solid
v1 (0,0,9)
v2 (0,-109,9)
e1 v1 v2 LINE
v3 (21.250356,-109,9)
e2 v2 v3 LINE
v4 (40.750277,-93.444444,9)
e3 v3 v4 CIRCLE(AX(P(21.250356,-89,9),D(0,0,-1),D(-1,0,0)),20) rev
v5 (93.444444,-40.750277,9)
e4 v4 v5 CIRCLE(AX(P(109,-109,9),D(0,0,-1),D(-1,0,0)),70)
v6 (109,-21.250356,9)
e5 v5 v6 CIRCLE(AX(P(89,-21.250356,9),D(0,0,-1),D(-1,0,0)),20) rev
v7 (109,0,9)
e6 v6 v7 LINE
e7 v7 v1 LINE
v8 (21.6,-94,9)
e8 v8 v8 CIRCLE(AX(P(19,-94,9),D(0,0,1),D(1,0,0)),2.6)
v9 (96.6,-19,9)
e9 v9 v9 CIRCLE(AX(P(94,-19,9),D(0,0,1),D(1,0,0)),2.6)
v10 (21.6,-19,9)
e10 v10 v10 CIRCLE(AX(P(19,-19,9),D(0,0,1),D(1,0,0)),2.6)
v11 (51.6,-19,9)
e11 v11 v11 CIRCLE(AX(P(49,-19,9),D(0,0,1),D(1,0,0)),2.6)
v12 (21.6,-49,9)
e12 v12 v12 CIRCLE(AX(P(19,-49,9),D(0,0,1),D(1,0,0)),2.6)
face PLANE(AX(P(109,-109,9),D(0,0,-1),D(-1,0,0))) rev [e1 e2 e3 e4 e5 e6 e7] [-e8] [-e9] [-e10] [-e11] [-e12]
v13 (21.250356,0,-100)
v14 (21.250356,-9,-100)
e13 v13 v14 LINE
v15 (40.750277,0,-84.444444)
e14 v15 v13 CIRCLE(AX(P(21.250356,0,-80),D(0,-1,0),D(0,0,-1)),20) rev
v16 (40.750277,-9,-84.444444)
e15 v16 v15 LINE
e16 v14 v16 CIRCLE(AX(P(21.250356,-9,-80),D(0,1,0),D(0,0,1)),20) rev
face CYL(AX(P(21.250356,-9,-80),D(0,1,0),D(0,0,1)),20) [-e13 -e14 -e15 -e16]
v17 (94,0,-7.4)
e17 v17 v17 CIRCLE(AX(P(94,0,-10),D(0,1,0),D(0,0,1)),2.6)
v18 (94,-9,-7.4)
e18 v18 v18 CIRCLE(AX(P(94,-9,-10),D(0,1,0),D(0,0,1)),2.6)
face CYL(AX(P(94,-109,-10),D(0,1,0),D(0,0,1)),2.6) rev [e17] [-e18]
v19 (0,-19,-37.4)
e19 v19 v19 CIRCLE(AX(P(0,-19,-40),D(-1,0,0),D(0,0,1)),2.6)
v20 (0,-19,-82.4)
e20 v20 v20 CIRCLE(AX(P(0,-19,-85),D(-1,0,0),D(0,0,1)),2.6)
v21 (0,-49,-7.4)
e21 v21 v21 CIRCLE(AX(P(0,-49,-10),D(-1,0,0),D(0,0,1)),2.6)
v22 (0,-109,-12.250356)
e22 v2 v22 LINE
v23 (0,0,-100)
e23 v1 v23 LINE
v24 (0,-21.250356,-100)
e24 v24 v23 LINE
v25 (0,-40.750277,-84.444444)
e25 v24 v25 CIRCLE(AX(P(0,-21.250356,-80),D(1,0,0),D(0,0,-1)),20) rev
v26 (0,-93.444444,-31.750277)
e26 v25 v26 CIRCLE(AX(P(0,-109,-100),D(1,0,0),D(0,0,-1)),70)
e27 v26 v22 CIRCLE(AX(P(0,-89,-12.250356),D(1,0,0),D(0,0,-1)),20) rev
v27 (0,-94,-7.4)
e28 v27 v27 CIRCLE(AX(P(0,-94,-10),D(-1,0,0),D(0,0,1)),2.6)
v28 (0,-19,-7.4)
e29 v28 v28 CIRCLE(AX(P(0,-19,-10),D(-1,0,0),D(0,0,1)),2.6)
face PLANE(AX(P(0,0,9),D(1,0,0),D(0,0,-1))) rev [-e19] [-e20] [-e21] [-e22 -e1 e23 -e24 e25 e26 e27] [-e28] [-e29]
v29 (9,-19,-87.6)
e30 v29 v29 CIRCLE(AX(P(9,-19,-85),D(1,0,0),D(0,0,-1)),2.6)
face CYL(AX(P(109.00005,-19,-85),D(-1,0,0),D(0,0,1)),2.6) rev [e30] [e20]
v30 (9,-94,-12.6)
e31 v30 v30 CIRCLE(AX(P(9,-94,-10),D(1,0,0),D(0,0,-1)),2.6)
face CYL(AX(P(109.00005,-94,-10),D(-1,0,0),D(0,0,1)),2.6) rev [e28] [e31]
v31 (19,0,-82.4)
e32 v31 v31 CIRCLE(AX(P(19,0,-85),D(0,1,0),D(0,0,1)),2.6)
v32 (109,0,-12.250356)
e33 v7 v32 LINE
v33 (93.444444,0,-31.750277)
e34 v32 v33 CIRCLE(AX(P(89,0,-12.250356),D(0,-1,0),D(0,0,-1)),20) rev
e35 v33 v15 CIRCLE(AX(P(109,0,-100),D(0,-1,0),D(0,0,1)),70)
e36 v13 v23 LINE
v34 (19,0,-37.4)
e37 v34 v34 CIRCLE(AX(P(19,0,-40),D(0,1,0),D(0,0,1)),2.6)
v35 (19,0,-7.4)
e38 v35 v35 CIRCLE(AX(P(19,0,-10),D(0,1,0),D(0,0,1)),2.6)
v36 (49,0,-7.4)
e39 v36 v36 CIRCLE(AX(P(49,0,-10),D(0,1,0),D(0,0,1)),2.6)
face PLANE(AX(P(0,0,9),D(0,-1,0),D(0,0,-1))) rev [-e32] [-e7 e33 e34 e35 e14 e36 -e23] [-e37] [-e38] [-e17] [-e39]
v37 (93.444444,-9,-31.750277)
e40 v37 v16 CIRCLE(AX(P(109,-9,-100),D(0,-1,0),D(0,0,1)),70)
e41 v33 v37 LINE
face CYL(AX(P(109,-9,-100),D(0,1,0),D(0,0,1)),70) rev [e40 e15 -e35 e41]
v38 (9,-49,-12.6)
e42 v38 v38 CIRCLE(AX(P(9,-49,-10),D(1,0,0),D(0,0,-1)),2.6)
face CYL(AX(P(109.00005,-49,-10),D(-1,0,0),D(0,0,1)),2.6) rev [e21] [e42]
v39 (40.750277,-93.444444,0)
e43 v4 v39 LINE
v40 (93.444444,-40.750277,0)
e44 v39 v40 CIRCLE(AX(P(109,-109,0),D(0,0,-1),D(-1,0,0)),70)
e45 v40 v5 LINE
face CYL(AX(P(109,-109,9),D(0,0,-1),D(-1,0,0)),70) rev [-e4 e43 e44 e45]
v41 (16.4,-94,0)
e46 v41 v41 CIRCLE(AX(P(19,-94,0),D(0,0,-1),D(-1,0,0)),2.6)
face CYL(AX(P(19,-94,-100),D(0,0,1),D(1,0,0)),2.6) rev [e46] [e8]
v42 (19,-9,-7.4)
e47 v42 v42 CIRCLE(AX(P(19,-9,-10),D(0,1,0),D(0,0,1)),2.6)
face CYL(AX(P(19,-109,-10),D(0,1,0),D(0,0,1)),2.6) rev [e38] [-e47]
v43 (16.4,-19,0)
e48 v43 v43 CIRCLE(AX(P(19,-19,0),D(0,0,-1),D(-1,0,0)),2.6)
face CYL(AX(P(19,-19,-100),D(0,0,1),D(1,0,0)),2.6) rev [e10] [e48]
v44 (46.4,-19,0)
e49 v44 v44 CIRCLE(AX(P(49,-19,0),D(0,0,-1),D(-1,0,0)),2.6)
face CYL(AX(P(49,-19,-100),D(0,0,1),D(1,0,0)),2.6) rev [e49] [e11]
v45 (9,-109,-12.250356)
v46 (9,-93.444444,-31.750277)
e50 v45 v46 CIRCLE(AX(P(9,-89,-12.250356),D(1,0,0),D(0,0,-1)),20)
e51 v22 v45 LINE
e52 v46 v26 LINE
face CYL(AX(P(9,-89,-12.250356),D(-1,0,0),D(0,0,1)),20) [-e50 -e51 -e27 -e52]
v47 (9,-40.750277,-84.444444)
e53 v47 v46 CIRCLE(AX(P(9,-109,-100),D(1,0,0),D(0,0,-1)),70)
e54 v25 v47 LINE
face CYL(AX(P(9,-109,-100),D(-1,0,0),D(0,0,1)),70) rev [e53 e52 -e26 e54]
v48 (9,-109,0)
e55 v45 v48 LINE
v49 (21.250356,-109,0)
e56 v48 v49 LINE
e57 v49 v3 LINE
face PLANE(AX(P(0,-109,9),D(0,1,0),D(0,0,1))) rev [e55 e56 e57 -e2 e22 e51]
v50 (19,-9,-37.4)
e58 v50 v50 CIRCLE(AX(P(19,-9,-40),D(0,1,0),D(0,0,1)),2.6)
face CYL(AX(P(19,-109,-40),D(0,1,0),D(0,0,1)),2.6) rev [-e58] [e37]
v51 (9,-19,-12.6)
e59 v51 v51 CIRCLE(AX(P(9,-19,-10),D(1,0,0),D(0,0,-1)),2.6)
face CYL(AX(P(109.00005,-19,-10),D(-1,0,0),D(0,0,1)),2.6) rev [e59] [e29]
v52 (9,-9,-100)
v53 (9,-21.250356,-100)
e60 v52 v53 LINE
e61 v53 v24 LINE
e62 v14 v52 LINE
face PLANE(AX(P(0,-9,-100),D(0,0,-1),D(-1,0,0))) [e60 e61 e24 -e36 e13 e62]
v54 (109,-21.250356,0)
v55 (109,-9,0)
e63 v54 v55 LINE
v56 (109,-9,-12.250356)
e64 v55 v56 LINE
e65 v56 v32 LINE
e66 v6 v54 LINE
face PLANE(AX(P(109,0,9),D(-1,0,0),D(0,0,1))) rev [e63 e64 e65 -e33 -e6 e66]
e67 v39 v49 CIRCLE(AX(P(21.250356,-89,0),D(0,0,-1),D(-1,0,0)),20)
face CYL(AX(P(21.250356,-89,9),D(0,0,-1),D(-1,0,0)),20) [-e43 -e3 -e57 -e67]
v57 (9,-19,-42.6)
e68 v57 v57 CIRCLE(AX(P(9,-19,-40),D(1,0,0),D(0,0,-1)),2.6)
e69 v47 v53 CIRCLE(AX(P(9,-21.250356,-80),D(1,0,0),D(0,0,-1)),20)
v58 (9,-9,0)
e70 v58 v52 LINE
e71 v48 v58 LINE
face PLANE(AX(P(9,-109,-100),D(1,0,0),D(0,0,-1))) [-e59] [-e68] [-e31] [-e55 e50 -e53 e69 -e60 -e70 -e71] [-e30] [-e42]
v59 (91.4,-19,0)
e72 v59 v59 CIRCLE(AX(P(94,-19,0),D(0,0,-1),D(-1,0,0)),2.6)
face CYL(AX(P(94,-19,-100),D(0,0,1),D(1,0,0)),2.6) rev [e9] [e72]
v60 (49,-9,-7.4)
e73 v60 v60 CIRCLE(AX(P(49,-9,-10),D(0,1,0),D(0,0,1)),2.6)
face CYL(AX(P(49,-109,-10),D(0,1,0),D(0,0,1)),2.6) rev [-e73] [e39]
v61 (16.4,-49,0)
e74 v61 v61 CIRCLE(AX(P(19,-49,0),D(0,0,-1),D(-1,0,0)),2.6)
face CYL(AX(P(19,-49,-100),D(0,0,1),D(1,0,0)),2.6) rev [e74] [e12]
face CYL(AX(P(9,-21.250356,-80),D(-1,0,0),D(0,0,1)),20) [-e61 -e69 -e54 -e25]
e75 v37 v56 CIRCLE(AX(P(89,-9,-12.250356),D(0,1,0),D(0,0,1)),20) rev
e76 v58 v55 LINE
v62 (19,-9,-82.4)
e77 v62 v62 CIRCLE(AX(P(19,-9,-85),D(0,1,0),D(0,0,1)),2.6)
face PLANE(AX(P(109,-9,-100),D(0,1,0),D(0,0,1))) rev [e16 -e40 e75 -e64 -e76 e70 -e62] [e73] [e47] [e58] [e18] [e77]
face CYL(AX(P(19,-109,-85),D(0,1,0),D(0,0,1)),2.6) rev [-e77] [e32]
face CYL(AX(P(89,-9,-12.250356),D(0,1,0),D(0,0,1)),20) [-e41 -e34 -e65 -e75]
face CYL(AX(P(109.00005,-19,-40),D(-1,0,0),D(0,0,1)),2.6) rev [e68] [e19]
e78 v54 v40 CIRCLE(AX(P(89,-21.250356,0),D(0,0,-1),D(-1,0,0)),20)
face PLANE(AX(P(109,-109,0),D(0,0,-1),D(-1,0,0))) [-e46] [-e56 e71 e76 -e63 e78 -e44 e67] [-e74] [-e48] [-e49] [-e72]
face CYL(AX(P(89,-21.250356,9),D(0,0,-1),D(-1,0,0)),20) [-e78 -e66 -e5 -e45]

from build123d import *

# Parameters (mm, degrees)
BOSS_EXTRUDE1_DEPTH = 9
BOSS_EXTRUDE2_DEPTH = 9
BOSS_EXTRUDE3_DEPTH = 9
FILLET1_R           = 20
SKETCH4_R           = 2.6
CUT_EXTRUDE1_DEPTH  = 184.744387669
SKETCH5_R           = 2.6
CUT_EXTRUDE2_DEPTH  = 184.744387669
SKETCH6_R           = 2.6
CUT_EXTRUDE3_DEPTH  = 189.793538025


with BuildPart() as part:
    # Sketch1 → Boss-Extrude1 (new body)
    with BuildSketch(Plane.XY):
        with BuildLine():
            Line((0, 0), (109, 0))
            Line((109, 0), (109, -39))
            ThreePointArc((109, -39), (59.502525317, -59.502525317), (39, -109))
            Line((39, -109), (0, -109))
            Line((0, -109), (0, 0))
        make_face()
    extrude(amount=BOSS_EXTRUDE1_DEPTH)

    # Sketch2 → Boss-Extrude2 (add)
    with BuildSketch(Plane(origin=(0, 0, 0), x_dir=(1, 0, 0), z_dir=(0, 1, 0))):
        with BuildLine():
            Line((0, 0), (0, 100))
            Line((0, 100), (39, 100))
            ThreePointArc((39, 100), (59.502525317, 50.502525317), (109, 30))
            Line((109, 30), (109, 0))
            Line((109, 0), (0, 0))
        make_face()
    extrude(amount=-BOSS_EXTRUDE2_DEPTH)

    # Sketch3 → Boss-Extrude3 (add)
    with BuildSketch(Plane.ZY):
        with BuildLine():
            Line((-30, -109), (0, -109))
            Line((0, -109), (0, -9))
            Line((0, -9), (-100, -9))
            Line((-100, -9), (-100, -39))
            ThreePointArc((-100, -39), (-50.502525317, -59.502525317), (-30, -109))
        make_face()
    extrude(amount=-BOSS_EXTRUDE3_DEPTH)

    # Fillet1
    fillet1_edges = [part.edges().sort_by_distance(p)[0] for p in [
        (4.5, -109, -30),
        (4.5, -39, -100),
        (39, -4.5, -100),
        (39, -109, 4.5),
        (109, -39, 4.5),
        (109, -4.5, -30),
    ]]
    fillet(fillet1_edges, radius=FILLET1_R)

    # Sketch4 → Cut-Extrude1 (cut, through all)
    with BuildSketch(Plane(origin=(0, 0, 0), x_dir=(1, 0, 0), z_dir=(0, 1, 0))):
        with Locations(Location((19, 85, 0), (0, 0, 270))):
            Circle(SKETCH4_R)
        with Locations(Location((19, 10, 0), (0, 0, 270))):
            Circle(SKETCH4_R)
        with Locations(Location((94, 10, 0), (0, 0, 270))):
            Circle(SKETCH4_R)
        with Locations(Location((49, 10, 0), (0, 0, 270))):
            Circle(SKETCH4_R)
        with Locations(Location((19, 40, 0), (0, 0, 270))):
            Circle(SKETCH4_R)
    extrude(amount=-CUT_EXTRUDE1_DEPTH, mode=Mode.SUBTRACT)

    # Sketch5 → Cut-Extrude2 (cut, through all)
    with BuildSketch(Plane.ZY):
        with Locations((-85, -19)):
            Circle(SKETCH5_R)
        with Locations((-40, -19)):
            Circle(SKETCH5_R)
        with Locations((-10, -19)):
            Circle(SKETCH5_R)
        with Locations((-10, -49)):
            Circle(SKETCH5_R)
        with Locations((-10, -94)):
            Circle(SKETCH5_R)
    extrude(amount=-CUT_EXTRUDE2_DEPTH, mode=Mode.SUBTRACT)

    # Sketch6 → Cut-Extrude3 (cut, through all)
    with BuildSketch(Plane.XY.offset(9)):
        with Locations((19, -19)):
            Circle(SKETCH6_R)
        with Locations((49, -19)):
            Circle(SKETCH6_R)
        with Locations((94, -19)):
            Circle(SKETCH6_R)
        with Locations((19, -49)):
            Circle(SKETCH6_R)
        with Locations((19, -94)):
            Circle(SKETCH6_R)
    extrude(amount=-CUT_EXTRUDE3_DEPTH, mode=Mode.SUBTRACT)


solid = part.part
